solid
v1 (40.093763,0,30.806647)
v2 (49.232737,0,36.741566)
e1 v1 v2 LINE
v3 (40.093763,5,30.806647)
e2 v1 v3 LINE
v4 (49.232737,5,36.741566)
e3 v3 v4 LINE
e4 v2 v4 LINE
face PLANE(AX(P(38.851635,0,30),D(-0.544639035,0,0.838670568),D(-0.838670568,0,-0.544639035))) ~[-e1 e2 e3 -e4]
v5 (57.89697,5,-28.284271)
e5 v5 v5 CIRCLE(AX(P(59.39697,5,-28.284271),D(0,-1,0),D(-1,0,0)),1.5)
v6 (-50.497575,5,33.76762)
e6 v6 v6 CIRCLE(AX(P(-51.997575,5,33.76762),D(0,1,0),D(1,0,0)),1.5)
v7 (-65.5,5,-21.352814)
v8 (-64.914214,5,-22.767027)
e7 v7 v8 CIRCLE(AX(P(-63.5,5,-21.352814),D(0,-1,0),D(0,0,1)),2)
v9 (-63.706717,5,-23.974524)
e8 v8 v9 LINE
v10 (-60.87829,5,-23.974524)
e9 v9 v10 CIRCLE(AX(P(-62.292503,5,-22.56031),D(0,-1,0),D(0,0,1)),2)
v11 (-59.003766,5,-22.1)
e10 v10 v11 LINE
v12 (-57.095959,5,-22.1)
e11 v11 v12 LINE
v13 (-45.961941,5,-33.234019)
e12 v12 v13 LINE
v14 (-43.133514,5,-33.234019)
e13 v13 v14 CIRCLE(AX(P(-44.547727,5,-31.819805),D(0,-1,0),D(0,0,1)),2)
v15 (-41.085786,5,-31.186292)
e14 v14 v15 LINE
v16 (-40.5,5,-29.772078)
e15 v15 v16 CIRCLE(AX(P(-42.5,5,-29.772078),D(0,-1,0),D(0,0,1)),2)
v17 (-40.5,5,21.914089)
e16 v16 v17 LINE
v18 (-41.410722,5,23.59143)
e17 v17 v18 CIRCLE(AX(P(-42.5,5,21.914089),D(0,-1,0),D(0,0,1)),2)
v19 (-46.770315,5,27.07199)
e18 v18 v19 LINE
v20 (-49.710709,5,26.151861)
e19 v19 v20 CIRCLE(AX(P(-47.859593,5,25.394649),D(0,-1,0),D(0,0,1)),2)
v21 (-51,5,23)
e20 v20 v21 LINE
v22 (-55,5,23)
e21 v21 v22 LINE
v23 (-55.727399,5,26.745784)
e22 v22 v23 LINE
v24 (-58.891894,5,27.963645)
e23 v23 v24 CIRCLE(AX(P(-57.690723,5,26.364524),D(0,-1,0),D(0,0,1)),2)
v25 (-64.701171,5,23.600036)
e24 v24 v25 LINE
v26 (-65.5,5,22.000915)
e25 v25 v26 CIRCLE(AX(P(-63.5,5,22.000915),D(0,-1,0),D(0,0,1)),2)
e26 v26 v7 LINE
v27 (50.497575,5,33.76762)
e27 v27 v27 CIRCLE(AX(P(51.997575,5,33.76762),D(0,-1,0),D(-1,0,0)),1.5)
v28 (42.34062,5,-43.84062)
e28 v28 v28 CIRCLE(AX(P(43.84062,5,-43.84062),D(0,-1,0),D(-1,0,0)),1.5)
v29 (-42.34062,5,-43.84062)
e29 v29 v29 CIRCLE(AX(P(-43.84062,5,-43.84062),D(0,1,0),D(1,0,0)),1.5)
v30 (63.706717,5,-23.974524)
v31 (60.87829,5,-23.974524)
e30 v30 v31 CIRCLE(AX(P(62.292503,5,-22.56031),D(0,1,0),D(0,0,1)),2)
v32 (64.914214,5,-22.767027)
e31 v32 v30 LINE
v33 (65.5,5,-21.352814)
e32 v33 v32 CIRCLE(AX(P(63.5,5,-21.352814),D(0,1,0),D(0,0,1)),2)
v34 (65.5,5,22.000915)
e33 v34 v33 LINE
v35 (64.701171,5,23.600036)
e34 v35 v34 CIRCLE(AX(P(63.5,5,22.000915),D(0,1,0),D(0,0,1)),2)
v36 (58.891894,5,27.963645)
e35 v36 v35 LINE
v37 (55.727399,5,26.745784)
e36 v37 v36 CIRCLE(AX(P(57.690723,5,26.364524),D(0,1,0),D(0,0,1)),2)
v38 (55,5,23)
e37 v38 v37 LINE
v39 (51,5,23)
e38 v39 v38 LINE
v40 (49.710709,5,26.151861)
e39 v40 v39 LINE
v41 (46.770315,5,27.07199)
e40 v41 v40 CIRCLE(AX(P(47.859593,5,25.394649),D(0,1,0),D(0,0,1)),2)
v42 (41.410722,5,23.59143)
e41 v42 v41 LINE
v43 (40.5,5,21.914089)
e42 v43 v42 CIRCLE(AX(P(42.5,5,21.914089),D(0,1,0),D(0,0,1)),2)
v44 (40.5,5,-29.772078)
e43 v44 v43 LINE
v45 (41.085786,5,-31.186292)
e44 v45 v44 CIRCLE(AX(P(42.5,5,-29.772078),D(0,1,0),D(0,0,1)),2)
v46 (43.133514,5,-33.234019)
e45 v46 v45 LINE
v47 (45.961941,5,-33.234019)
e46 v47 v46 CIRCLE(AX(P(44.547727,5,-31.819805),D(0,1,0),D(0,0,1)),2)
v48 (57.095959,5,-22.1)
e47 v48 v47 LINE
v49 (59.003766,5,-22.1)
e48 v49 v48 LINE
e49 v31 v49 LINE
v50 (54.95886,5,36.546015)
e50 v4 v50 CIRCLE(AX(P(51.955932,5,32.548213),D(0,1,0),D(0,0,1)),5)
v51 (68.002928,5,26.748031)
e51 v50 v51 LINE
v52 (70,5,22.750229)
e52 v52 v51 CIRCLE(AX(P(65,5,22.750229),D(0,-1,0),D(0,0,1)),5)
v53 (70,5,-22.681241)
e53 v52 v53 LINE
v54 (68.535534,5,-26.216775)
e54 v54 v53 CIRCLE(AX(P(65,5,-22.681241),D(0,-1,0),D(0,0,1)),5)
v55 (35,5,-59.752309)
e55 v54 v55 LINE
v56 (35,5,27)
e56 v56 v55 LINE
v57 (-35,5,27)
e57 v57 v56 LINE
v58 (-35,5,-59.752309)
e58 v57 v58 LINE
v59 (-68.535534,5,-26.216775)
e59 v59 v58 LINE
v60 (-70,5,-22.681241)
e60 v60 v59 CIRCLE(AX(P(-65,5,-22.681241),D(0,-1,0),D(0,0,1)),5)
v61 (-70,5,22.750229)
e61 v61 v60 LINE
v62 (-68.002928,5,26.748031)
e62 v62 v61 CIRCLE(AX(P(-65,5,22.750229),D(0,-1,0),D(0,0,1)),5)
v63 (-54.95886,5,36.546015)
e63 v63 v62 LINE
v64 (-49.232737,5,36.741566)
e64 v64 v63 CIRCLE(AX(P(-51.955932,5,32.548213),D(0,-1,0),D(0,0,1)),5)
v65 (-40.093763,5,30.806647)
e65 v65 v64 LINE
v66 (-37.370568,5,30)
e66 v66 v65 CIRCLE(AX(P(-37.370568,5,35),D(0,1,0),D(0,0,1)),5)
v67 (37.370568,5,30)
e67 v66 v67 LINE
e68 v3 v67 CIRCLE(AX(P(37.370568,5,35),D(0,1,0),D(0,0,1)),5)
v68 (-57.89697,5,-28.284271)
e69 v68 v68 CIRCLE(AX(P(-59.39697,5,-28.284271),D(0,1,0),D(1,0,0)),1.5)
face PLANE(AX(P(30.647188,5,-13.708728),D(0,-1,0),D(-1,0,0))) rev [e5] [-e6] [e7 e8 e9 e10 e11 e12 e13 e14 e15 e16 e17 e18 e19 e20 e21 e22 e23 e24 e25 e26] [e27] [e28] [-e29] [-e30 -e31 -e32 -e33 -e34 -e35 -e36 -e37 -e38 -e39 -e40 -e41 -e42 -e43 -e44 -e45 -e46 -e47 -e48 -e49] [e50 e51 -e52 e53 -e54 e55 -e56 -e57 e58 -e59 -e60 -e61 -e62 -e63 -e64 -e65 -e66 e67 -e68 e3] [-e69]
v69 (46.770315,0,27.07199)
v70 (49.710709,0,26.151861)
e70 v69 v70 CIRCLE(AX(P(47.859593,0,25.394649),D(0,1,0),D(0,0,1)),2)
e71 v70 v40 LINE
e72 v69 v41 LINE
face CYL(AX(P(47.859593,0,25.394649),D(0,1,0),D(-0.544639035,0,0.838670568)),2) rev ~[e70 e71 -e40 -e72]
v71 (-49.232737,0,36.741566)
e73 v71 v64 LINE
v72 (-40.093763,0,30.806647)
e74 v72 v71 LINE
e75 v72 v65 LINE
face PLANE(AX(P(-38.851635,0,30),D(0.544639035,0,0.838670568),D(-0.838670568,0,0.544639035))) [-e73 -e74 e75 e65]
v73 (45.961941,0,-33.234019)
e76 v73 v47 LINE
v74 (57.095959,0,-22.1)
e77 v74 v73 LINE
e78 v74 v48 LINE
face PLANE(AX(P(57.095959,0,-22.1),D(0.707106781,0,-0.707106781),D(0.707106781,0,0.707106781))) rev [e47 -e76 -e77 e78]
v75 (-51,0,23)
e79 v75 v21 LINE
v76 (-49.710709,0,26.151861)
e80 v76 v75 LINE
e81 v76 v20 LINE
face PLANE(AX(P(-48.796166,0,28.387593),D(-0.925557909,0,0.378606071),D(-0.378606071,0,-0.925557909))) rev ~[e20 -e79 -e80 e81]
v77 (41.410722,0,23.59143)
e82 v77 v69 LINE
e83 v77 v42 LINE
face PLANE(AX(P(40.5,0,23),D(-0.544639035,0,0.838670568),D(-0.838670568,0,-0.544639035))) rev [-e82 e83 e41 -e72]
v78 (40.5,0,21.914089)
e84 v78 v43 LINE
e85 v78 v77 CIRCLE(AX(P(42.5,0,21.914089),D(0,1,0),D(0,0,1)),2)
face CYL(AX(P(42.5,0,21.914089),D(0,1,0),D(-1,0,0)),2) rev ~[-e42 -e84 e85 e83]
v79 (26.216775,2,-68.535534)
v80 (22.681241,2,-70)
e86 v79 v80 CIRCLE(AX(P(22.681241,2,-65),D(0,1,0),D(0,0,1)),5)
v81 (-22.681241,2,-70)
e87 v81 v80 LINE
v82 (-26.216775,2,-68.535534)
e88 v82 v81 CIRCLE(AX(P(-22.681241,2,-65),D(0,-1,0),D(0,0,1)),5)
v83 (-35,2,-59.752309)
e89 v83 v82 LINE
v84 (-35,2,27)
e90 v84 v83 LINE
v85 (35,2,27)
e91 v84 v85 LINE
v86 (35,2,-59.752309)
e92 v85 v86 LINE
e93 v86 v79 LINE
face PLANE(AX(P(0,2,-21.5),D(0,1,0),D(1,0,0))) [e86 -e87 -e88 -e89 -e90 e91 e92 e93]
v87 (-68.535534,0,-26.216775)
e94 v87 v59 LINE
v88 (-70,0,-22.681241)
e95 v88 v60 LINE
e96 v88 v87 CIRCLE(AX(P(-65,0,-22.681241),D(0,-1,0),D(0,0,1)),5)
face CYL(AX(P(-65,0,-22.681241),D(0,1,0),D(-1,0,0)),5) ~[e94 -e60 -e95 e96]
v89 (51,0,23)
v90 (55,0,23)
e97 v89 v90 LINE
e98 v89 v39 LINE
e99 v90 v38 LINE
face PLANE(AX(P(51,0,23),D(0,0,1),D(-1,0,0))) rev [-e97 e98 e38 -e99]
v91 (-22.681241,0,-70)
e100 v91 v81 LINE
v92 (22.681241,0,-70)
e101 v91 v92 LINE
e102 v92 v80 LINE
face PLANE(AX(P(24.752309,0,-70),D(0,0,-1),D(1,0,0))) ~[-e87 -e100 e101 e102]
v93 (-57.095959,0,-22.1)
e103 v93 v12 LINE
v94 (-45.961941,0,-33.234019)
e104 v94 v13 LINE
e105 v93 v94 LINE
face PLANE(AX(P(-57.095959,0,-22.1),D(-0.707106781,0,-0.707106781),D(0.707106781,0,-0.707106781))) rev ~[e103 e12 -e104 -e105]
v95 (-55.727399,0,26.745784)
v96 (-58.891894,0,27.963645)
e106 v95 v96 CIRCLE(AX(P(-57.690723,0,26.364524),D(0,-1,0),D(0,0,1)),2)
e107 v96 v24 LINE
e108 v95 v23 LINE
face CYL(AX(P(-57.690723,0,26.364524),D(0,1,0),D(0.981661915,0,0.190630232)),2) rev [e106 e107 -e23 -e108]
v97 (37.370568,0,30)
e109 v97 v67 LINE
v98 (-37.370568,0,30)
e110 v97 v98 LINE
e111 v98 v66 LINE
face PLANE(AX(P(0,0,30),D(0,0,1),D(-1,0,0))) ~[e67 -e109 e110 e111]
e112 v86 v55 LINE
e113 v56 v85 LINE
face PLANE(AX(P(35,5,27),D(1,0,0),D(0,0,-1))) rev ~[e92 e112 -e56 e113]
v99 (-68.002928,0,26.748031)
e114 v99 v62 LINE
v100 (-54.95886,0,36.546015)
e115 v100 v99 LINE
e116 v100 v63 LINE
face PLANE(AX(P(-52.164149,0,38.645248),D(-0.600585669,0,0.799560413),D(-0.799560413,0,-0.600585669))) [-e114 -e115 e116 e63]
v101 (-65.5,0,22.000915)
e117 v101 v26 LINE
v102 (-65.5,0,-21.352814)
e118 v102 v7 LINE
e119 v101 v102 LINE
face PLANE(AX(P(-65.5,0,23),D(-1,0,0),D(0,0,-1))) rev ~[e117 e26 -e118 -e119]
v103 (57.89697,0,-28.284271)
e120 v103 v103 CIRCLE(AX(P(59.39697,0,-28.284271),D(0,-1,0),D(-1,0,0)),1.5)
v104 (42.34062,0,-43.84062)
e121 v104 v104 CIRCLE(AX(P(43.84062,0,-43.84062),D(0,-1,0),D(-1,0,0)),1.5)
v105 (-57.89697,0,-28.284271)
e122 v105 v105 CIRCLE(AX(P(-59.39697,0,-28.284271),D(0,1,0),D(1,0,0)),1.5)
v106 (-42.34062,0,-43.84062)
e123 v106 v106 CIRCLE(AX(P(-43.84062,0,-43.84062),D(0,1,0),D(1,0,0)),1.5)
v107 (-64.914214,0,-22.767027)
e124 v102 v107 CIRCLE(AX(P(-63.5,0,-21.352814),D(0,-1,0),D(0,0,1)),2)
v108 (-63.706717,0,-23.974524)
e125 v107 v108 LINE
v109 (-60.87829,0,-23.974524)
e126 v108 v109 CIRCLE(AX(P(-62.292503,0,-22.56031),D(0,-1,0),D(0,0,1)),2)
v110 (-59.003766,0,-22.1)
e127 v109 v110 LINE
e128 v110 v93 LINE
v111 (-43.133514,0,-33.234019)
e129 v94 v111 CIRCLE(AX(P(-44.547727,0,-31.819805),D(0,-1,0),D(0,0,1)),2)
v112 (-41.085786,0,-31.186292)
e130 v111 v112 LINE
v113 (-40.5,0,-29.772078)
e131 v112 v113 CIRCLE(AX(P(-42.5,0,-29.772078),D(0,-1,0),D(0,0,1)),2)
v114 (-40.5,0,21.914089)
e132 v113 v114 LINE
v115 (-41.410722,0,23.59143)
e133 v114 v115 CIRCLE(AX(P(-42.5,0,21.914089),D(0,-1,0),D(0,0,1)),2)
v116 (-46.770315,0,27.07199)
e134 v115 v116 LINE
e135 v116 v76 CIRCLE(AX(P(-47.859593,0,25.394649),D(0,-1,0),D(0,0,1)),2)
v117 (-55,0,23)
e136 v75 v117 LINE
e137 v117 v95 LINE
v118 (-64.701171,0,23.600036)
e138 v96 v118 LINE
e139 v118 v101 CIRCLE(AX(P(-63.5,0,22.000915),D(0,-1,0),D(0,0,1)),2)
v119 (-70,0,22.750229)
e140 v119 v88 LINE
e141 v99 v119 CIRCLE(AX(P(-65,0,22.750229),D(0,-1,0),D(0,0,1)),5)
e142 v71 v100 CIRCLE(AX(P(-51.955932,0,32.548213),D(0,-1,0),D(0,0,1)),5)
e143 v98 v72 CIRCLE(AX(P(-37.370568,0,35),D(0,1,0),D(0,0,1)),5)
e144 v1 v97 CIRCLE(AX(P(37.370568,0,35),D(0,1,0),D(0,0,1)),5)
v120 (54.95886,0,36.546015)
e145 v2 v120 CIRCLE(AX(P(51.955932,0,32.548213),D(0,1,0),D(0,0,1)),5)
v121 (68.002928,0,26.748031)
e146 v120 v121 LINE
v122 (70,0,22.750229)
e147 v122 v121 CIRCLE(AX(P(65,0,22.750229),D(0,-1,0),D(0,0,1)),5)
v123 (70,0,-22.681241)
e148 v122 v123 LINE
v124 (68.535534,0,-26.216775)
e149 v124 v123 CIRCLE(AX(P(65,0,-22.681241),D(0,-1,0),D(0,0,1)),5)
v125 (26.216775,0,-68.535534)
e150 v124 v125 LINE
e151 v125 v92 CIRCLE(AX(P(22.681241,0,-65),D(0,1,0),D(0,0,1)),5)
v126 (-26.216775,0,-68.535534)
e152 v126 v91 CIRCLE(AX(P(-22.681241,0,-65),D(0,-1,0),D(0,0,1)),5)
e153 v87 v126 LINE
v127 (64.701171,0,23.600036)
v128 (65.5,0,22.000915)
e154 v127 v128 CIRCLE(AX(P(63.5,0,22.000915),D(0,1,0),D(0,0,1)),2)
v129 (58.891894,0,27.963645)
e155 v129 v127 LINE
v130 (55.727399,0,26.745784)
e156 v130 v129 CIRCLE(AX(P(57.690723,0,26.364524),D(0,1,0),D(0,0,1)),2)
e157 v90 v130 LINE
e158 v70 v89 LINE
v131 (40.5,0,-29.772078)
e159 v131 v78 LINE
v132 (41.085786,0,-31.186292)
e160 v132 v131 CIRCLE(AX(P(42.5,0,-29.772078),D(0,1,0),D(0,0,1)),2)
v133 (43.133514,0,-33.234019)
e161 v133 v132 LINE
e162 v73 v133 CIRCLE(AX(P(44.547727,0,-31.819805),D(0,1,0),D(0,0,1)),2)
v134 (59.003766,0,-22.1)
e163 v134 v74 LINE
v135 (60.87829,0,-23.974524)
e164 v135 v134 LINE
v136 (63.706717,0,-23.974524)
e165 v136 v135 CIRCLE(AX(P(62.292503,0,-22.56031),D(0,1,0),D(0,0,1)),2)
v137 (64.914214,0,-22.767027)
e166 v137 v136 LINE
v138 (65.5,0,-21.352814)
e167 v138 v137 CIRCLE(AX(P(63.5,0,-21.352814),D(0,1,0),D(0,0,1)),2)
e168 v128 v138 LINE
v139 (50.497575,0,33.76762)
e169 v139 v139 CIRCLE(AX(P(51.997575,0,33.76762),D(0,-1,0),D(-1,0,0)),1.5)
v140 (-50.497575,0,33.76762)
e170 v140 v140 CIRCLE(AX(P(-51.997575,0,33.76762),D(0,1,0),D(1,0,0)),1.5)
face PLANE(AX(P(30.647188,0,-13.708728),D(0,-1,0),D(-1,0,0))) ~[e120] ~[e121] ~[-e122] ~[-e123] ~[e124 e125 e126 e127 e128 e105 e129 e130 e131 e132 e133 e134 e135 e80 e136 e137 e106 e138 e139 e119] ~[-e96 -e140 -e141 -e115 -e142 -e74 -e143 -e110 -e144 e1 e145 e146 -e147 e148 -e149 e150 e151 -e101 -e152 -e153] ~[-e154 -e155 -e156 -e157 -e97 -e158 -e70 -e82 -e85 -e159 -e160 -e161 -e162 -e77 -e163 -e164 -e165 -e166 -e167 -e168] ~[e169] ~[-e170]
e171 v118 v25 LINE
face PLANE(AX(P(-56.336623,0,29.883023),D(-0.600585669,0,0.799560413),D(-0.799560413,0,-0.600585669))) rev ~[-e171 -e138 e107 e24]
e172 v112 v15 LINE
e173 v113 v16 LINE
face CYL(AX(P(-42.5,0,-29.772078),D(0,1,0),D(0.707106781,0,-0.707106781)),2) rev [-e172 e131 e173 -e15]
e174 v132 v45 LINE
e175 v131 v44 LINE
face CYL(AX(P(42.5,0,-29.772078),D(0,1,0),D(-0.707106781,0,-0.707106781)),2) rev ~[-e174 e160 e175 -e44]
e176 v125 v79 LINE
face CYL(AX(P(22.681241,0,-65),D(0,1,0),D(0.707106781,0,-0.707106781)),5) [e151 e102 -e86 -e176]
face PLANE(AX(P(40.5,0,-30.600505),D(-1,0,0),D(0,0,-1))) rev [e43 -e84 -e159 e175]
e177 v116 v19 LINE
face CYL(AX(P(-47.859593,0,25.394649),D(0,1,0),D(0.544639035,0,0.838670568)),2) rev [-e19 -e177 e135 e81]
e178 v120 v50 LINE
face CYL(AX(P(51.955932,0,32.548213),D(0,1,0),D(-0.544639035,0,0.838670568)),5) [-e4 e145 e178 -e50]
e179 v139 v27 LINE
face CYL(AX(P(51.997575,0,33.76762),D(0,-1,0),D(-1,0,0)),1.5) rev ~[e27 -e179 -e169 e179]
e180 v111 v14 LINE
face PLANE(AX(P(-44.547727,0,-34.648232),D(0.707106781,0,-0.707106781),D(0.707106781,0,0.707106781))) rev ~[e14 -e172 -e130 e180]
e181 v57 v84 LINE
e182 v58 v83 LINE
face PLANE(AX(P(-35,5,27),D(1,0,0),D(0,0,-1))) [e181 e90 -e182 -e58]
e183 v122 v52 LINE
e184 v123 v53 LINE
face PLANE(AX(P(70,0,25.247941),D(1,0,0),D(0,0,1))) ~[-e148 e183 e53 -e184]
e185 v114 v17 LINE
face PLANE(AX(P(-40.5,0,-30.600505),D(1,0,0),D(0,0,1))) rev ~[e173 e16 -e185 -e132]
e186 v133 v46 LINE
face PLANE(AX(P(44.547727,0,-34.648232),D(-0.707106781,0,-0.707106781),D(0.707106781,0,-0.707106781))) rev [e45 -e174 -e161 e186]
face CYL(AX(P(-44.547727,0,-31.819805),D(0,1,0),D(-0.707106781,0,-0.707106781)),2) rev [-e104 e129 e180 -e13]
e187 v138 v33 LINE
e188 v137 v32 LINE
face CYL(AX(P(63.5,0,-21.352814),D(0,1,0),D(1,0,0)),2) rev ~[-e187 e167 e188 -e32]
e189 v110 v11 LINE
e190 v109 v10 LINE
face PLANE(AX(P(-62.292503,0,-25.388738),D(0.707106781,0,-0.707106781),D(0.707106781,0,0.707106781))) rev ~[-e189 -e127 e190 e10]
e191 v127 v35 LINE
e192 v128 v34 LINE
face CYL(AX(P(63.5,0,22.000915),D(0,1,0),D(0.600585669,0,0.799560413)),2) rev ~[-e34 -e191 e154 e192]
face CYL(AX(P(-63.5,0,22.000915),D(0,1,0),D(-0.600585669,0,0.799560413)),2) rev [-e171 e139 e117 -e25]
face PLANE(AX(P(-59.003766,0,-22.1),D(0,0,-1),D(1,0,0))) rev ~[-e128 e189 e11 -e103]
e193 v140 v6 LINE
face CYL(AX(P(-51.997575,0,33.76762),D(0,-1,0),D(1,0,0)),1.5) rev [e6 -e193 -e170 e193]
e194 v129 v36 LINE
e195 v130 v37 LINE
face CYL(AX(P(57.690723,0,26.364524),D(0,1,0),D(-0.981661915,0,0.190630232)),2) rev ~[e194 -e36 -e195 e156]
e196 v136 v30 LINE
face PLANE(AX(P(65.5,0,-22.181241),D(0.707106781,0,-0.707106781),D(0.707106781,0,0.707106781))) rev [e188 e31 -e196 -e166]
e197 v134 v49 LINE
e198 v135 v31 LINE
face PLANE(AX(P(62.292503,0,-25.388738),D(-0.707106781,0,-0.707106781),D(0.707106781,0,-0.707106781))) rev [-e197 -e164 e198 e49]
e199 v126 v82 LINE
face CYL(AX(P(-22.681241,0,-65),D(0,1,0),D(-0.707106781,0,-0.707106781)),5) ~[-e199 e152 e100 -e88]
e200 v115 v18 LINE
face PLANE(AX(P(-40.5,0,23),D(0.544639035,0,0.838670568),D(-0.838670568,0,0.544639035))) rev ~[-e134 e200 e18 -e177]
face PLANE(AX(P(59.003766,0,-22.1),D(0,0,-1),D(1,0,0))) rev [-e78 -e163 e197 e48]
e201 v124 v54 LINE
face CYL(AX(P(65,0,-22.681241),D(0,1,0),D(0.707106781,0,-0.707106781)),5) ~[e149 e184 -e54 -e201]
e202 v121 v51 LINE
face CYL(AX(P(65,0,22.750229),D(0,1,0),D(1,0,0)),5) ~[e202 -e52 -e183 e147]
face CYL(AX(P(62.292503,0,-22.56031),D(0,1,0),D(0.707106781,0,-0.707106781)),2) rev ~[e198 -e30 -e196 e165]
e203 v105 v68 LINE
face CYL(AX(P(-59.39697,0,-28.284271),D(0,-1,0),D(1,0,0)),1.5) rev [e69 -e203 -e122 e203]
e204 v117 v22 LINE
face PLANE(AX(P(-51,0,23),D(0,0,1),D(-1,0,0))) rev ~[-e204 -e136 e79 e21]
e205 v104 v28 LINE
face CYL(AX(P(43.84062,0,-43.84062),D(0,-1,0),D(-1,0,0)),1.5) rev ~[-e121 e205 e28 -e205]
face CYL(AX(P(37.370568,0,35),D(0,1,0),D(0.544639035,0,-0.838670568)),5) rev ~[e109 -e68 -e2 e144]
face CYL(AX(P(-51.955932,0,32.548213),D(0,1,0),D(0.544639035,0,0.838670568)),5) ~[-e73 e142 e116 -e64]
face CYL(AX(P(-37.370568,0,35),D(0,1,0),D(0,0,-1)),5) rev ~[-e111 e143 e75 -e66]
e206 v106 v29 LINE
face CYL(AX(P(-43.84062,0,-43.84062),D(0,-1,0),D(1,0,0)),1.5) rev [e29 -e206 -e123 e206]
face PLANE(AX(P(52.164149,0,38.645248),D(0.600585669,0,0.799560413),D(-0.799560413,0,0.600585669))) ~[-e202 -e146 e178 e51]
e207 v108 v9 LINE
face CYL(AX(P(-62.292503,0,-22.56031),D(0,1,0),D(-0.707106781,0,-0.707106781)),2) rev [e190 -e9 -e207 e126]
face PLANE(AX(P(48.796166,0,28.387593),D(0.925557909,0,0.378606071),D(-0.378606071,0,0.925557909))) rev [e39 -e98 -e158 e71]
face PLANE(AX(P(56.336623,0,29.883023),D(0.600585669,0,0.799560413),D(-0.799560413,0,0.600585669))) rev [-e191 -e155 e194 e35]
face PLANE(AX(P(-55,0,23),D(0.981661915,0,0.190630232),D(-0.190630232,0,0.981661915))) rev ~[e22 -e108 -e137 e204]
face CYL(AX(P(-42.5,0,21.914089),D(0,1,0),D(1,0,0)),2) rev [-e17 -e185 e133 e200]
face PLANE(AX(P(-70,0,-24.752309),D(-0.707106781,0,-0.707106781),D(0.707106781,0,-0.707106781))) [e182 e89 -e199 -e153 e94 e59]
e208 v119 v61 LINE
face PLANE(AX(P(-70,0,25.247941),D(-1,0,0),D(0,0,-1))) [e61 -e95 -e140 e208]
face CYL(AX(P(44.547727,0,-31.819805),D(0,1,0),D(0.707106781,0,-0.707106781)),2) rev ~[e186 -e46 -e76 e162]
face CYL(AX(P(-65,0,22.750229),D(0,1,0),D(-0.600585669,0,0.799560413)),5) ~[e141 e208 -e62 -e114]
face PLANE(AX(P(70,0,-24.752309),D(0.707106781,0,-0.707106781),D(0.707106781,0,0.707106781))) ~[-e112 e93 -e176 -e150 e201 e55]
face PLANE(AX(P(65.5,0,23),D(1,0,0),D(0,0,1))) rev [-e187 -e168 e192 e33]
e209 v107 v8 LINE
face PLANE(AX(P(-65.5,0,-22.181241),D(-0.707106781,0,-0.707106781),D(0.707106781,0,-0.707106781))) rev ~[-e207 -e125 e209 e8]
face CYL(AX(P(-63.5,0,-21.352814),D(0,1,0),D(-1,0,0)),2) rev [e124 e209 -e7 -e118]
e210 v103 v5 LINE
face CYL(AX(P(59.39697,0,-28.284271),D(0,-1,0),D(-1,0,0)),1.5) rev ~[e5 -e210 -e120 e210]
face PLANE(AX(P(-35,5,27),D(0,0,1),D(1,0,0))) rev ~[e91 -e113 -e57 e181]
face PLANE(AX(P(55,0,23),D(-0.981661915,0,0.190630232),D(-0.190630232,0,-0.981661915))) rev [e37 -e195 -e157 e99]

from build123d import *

# Parameters (mm, degrees)
SKETCH1_R            = 1.5
BOSS_EXTRUDE1_DEPTH  = 5
FILLET1_R            = 2
FILLET1_OF_MIRROR1_R = 2
SKETCH2_W            = 70
SKETCH2_H            = 97
CUT_EXTRUDE1_DEPTH   = 3
FILLET2_R            = 5


with BuildPart() as part:
    # Sketch1 → Boss-Extrude1 (new body)
    with BuildSketch(Plane(origin=(0, 0, 0), x_dir=(1, 0, 0), z_dir=(0, 1, 0))):
        Polygon((-52.164149312, -38.645247828), (-70, -25.247940817), (-70, 24.752308679), (-24.752308679, 70), (0, 70), (0, -30), (-38.851635079, -30), align=None)
        with Locations((-43.840620434, 43.840620434)):
            Circle(SKETCH1_R, mode=Mode.SUBTRACT)
        with Locations((-51.997575213, -33.767620171)):
            Circle(SKETCH1_R, mode=Mode.SUBTRACT)
        with Locations((-59.39696962, 28.284271247)):
            Circle(SKETCH1_R, mode=Mode.SUBTRACT)
        Polygon((-59.003765723, 22.1), (-57.095959493, 22.1), (-44.547727215, 34.648232278), (-40.5, 30.600505063), (-40.5, -23), (-48.796166422, -28.387593469), (-51, -23), (-55, -23), (-56.33662338, -29.883022962), (-65.5, -23), (-65.5, 22.181240867), (-62.292503295, 25.388737572), align=None, mode=Mode.SUBTRACT)
    boss_extrude1 = extrude(amount=BOSS_EXTRUDE1_DEPTH)

    # Fillet1
    fillet1_edges = [part.edges().sort_by_distance(p)[0] for p in [
        (-44.547727215, 2.5, -34.648232278),
        (-62.292503295, 2.5, -25.388737572),
        (-65.5, 2.5, -22.181240867),
        (-65.5, 2.5, 23),
        (-56.33662338, 2.5, 29.883022962),
        (-48.796166422, 2.5, 28.387593469),
        (-40.5, 2.5, 23),
        (-40.5, 2.5, -30.600505063),
    ]]
    fillet(fillet1_edges, radius=FILLET1_R)

    # Mirror1: Boss-Extrude1 across plane
    add(boss_extrude1.mirror(Plane(origin=(0, 5, 30), x_dir=(0, 0, 1), z_dir=(-1, 0, 0))))

    # Fillet1 of Mirror1
    fillet1_of_mirror1_edges = [part.edges().sort_by_distance(p)[0] for p in [
        (44.547727215, 2.5, -34.648232278),
        (62.292503295, 2.5, -25.388737572),
        (65.5, 2.5, -22.181240867),
        (65.5, 2.5, 23),
        (56.33662338, 2.5, 29.883022962),
        (48.796166422, 2.5, 28.387593469),
        (40.5, 2.5, 23),
        (40.5, 2.5, -30.600505063),
    ]]
    fillet(fillet1_of_mirror1_edges, radius=FILLET1_OF_MIRROR1_R)

    # Sketch2 → Cut-Extrude1 (cut)
    with BuildSketch(Plane(origin=(0, 5, 0), x_dir=(1, 0, 0), z_dir=(0, 1, 0))):
        with Locations((0, 21.5)):
            Rectangle(SKETCH2_W, SKETCH2_H)
    extrude(amount=-CUT_EXTRUDE1_DEPTH, mode=Mode.SUBTRACT)

    # Fillet2
    fillet2_edges = [part.edges().sort_by_distance(p)[0] for p in [
        (-70, 2.5, -24.752308679),
        (70, 2.5, 25.247940817),
        (70, 2.5, -24.752308679),
        (38.851635079, 2.5, 30),
        (-38.851635079, 2.5, 30),
        (52.164149312, 2.5, 38.645247828),
        (-52.164149312, 2.5, 38.645247828),
        (-70, 2.5, 25.247940817),
        (24.752308679, 1, -70),
        (-24.752308679, 1, -70),
    ]]
    fillet(fillet2_edges, radius=FILLET2_R)


solid = part.part
